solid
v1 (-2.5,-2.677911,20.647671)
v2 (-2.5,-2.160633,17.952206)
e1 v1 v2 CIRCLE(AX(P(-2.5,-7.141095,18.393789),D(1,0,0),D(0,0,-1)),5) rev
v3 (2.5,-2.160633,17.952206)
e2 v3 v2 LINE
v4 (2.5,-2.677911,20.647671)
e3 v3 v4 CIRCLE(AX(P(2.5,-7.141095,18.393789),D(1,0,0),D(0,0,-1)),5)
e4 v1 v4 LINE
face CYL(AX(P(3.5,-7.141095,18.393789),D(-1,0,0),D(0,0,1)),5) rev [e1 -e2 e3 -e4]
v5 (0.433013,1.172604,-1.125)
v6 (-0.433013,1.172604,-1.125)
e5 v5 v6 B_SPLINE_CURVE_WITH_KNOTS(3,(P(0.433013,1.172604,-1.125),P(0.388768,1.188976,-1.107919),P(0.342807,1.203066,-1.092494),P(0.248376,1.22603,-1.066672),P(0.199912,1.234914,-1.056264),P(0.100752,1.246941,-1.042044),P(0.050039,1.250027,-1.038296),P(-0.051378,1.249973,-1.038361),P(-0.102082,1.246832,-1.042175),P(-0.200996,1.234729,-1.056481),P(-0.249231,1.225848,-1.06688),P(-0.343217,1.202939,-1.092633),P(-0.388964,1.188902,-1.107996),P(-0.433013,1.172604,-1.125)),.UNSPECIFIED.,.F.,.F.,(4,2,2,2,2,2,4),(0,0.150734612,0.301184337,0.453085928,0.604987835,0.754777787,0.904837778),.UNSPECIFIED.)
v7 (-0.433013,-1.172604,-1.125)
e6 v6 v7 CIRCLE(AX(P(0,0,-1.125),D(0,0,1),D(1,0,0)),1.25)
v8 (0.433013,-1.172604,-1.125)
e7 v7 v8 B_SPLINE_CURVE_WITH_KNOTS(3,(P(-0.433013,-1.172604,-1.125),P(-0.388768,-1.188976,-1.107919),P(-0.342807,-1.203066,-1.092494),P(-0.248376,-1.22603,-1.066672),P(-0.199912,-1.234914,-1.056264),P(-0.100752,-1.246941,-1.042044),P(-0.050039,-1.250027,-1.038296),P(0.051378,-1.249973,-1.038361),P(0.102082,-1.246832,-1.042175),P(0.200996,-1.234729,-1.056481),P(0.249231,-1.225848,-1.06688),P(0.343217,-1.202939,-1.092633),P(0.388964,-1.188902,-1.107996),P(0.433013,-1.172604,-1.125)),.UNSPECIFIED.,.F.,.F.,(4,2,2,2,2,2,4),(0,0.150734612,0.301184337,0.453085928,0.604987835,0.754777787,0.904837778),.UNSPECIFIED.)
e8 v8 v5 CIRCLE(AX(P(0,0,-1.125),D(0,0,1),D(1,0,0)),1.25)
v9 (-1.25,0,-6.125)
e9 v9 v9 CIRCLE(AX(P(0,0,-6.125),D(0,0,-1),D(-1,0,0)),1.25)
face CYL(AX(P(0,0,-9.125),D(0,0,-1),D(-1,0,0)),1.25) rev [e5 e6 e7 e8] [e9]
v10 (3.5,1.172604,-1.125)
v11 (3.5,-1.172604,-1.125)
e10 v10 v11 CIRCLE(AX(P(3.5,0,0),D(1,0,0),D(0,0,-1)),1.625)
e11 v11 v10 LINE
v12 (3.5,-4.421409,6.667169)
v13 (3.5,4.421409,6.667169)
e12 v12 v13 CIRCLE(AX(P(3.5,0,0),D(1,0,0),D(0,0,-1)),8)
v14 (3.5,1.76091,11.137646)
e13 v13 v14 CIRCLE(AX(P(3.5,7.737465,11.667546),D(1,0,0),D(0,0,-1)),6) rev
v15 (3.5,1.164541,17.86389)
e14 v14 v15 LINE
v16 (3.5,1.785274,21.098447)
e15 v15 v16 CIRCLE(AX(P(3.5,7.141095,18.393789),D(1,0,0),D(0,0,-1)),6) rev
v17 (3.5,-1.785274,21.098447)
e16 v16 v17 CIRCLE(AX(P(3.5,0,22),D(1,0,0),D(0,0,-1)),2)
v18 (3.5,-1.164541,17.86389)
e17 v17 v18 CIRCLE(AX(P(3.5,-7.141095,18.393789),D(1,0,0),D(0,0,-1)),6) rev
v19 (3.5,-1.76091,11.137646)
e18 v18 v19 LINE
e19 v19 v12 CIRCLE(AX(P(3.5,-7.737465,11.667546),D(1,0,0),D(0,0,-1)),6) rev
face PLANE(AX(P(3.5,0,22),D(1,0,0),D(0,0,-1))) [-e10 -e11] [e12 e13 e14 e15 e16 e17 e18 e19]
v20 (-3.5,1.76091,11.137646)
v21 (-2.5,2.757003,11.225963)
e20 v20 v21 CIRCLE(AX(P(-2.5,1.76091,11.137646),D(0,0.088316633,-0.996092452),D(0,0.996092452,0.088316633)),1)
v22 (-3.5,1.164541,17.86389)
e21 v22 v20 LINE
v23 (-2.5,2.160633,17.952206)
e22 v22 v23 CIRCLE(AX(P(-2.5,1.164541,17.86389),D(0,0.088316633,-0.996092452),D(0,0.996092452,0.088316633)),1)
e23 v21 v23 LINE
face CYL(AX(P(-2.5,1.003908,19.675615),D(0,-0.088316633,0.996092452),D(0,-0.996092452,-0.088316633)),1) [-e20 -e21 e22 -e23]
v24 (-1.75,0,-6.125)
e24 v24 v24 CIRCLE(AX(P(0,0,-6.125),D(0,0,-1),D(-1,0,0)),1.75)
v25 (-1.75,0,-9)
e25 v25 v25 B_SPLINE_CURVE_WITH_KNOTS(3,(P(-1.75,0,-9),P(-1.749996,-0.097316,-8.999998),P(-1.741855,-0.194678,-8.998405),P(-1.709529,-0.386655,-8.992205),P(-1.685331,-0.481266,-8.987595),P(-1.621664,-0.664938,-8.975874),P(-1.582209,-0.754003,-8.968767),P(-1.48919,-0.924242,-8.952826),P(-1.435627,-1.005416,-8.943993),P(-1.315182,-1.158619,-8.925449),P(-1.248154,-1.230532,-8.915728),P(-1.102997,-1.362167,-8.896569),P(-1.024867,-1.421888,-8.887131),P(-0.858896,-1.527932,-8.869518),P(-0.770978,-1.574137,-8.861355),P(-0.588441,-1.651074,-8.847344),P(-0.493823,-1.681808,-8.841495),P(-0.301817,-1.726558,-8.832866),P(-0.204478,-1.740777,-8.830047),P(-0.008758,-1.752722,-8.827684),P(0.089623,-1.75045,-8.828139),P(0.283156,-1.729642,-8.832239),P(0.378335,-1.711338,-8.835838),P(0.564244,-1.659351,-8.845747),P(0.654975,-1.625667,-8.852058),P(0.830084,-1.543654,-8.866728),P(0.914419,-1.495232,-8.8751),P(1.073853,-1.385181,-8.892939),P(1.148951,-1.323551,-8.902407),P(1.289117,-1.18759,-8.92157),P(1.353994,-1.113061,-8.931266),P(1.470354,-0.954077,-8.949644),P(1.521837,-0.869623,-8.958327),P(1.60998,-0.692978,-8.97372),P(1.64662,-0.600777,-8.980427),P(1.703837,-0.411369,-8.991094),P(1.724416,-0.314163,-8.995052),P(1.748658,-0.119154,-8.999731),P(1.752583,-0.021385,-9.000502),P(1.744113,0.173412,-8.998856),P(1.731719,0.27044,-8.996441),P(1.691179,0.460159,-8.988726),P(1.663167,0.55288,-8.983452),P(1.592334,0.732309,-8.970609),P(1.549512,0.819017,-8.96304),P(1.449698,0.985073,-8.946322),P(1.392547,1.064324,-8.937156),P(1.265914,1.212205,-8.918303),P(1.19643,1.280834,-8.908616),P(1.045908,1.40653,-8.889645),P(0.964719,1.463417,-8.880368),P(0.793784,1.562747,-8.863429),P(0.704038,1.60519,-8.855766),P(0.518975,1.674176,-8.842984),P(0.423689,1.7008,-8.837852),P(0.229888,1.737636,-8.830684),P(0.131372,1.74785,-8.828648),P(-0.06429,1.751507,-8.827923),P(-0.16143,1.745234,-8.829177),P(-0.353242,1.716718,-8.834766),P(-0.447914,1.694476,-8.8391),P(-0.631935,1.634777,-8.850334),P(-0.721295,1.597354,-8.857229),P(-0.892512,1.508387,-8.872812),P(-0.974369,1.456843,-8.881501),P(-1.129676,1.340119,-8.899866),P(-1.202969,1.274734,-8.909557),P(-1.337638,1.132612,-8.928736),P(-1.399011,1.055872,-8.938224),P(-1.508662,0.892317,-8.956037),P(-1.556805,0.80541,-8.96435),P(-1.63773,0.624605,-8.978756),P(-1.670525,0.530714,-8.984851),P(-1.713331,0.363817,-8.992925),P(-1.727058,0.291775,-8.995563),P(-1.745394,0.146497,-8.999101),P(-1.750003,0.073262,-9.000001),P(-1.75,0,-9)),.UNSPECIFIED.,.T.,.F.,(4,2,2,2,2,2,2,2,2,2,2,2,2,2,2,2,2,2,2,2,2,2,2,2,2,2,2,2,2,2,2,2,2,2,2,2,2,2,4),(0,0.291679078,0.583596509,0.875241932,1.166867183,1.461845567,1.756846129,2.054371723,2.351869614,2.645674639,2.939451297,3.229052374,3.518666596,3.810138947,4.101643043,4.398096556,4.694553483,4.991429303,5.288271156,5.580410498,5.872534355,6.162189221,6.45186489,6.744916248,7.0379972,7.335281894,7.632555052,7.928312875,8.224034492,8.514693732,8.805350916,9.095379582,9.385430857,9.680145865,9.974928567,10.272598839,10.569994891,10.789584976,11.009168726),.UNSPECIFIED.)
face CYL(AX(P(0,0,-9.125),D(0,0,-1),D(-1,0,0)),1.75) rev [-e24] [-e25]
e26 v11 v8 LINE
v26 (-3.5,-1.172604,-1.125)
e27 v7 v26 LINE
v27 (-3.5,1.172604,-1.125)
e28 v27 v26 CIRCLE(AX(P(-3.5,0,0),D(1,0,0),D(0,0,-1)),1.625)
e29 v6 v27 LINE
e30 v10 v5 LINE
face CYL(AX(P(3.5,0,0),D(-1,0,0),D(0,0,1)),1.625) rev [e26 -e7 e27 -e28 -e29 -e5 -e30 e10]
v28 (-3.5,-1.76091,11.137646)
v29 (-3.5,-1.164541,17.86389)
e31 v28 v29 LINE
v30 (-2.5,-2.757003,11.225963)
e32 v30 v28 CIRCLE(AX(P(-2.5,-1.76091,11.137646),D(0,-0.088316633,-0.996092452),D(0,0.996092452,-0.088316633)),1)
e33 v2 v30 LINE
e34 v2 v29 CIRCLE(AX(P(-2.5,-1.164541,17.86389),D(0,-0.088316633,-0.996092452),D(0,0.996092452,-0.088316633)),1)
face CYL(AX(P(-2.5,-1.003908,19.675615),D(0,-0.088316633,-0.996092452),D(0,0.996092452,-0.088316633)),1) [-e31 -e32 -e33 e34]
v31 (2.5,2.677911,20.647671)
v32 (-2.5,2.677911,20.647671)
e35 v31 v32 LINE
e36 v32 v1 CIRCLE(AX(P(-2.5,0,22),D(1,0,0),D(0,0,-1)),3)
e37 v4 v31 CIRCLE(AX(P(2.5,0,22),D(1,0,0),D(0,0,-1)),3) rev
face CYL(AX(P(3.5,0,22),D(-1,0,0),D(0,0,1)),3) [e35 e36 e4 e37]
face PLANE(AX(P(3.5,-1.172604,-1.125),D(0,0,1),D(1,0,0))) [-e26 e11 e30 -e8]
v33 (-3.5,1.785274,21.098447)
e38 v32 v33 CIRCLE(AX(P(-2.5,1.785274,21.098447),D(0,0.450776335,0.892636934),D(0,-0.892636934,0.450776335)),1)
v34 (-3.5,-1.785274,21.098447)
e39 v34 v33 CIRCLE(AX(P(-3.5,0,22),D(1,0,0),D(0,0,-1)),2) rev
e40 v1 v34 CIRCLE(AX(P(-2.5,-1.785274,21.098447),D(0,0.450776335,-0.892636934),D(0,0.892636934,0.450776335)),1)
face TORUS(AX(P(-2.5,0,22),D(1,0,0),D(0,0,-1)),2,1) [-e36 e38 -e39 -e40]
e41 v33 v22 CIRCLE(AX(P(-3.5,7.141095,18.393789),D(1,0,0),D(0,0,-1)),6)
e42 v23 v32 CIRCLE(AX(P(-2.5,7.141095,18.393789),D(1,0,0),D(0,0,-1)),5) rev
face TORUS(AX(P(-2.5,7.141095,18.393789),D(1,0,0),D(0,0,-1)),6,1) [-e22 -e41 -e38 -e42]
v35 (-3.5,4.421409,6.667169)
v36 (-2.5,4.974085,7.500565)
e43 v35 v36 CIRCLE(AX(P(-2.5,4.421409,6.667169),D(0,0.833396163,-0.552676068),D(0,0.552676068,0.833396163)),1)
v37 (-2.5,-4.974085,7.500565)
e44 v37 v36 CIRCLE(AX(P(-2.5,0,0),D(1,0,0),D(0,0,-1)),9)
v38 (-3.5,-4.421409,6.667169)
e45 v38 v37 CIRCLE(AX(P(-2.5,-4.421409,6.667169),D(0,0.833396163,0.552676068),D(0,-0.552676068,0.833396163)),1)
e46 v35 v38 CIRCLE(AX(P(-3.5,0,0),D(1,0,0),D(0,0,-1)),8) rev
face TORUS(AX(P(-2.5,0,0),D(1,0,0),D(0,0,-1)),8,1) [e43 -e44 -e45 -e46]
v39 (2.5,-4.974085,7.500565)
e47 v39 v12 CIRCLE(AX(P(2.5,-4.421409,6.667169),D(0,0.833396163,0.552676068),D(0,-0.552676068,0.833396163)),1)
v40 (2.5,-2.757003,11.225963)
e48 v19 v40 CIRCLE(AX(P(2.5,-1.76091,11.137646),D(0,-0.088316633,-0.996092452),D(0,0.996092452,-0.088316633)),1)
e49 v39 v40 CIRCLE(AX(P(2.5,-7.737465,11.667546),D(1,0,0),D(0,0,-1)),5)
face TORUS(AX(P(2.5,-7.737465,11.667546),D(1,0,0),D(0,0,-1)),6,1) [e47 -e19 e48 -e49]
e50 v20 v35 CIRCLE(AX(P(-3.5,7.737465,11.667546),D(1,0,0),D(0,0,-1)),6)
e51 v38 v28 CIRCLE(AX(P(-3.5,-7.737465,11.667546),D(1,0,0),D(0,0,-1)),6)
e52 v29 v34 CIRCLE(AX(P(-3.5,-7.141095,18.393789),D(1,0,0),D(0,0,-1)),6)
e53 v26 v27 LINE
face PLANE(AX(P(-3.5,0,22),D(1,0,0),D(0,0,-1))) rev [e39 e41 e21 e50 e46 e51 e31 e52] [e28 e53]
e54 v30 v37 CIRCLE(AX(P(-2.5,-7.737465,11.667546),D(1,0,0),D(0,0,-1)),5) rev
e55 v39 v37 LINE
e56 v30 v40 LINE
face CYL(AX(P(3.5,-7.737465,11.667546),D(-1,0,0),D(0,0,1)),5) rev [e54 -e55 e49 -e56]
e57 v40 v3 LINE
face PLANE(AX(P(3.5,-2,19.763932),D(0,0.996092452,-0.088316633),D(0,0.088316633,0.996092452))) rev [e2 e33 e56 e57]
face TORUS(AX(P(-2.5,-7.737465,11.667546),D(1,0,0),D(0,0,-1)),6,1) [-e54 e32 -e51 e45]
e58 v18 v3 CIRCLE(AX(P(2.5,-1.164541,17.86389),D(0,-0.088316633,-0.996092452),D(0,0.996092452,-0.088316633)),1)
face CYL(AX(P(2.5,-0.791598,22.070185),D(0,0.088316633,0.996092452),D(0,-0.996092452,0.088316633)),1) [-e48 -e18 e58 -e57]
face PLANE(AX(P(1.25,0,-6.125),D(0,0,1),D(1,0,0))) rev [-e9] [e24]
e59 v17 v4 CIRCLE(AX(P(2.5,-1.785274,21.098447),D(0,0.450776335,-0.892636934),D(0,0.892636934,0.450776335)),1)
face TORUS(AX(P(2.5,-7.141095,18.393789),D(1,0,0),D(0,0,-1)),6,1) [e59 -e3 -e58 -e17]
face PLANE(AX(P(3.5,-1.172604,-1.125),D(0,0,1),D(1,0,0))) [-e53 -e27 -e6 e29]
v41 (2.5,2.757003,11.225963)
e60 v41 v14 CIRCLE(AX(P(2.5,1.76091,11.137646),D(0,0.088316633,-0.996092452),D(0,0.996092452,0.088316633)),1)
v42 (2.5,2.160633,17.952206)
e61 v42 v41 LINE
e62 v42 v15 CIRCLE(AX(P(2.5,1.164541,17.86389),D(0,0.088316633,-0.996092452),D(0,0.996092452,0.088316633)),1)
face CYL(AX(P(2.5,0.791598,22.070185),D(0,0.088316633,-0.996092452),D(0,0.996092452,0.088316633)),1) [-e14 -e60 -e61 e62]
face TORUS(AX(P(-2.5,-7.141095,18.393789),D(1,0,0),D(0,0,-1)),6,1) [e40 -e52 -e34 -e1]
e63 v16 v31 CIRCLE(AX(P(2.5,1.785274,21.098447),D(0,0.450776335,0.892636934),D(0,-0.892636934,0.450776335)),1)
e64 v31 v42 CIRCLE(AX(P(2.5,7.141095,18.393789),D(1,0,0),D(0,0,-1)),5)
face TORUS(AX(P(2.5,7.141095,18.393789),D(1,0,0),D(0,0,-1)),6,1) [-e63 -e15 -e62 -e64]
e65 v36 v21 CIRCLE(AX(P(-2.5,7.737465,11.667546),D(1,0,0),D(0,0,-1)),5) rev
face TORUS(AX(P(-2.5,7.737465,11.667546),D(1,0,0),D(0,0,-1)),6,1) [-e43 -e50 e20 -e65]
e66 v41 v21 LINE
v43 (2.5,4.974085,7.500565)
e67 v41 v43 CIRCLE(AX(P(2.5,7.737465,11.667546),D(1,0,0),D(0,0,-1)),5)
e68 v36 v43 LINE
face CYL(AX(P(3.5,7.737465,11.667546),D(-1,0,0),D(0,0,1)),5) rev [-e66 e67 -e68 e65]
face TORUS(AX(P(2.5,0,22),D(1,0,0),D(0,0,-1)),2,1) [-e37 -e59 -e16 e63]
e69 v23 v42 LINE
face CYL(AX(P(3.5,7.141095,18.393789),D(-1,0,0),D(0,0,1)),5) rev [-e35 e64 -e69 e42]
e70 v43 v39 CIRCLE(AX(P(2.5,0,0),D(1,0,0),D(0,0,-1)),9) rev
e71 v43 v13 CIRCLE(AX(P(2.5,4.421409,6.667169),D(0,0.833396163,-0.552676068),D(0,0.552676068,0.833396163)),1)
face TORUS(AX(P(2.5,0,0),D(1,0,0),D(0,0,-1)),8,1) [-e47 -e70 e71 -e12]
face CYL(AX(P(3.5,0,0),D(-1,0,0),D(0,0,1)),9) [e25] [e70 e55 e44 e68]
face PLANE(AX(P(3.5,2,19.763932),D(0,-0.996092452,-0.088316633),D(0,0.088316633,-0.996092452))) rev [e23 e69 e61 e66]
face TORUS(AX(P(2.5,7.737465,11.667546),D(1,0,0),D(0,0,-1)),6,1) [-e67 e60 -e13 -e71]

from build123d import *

# Parameters (mm, degrees)
BOSS_EXTRUDE1_DEPTH = 3.5
FILLET1_R           = 5
HOLE1_D             = 2.5
HOLE1_DEPTH         = 9
HOLE1_CBORE_D       = 3.5
HOLE1_CBORE_DEPTH   = 3
FILLET2_R           = 1


with BuildPart() as part:
    # Sketch1 → Boss-Extrude1 (new, symmetric)
    with BuildSketch(Plane(origin=(0, 0, 0), x_dir=(0, 0, -1), z_dir=(1, 0, 0))):
        with BuildLine():
            Line((-19.763932023, 2), (-8.485281374, 3))
            ThreePointArc((-8.485281374, 3), (9, 0), (-8.485281374, -3))
            Line((-8.485281374, -3), (-19.763932023, -2))
            ThreePointArc((-19.763932023, -2), (-25, 0), (-19.763932023, 2))
        make_face()
        with BuildLine():
            Line((1.125, -1.17260394), (1.125, 1.17260394))
            ThreePointArc((1.125, 1.17260394), (-1.625, 0), (1.125, -1.17260394))
        make_face(mode=Mode.SUBTRACT)
    extrude(amount=BOSS_EXTRUDE1_DEPTH, both=True)

    # Fillet1
    fillet1_edges = [part.edges().sort_by_distance(p)[0] for p in [
        (0, 2, 19.763932023),
        (0, 3, 8.485281374),
        (0, -3, 8.485281374),
        (0, -2, 19.763932023),
    ]]
    fillet(fillet1_edges, radius=FILLET1_R)

    # Hole1
    with Locations(Plane(origin=(0, 0, -9.125), x_dir=(1, 0, 0), z_dir=(0, 0, -1))):
        with Locations((0, 0)):
            CounterBoreHole(HOLE1_D / 2, HOLE1_CBORE_D / 2, HOLE1_CBORE_DEPTH, depth=HOLE1_DEPTH)

    # Fillet2
    fillet2_edges = [part.edges().sort_by_distance(p)[0] for p in [
        (-3.5, 0, 25),
        (3.5, 0, 25),
        (-3.5, 2.458817952, 14.589084631),
        (3.5, 2.458817952, 14.589084631),
        (-3.5, 0, -9),
        (3.5, 0, -9),
        (-3.5, -2.458817952, 14.589084631),
        (3.5, -2.458817952, 14.589084631),
        (-3.5, 2.230698388, 19.336127101),
        (3.5, 2.230698388, 19.336127101),
        (-3.5, -3.440789323, 9.110481838),
        (3.5, -3.440789323, 9.110481838),
        (-3.5, -2.230698388, 19.336127101),
        (3.5, -2.230698388, 19.336127101),
        (-3.5, 3.440789323, 9.110481838),
        (3.5, 3.440789323, 9.110481838),
    ]]
    fillet(fillet2_edges, radius=FILLET2_R)


solid = part.part
